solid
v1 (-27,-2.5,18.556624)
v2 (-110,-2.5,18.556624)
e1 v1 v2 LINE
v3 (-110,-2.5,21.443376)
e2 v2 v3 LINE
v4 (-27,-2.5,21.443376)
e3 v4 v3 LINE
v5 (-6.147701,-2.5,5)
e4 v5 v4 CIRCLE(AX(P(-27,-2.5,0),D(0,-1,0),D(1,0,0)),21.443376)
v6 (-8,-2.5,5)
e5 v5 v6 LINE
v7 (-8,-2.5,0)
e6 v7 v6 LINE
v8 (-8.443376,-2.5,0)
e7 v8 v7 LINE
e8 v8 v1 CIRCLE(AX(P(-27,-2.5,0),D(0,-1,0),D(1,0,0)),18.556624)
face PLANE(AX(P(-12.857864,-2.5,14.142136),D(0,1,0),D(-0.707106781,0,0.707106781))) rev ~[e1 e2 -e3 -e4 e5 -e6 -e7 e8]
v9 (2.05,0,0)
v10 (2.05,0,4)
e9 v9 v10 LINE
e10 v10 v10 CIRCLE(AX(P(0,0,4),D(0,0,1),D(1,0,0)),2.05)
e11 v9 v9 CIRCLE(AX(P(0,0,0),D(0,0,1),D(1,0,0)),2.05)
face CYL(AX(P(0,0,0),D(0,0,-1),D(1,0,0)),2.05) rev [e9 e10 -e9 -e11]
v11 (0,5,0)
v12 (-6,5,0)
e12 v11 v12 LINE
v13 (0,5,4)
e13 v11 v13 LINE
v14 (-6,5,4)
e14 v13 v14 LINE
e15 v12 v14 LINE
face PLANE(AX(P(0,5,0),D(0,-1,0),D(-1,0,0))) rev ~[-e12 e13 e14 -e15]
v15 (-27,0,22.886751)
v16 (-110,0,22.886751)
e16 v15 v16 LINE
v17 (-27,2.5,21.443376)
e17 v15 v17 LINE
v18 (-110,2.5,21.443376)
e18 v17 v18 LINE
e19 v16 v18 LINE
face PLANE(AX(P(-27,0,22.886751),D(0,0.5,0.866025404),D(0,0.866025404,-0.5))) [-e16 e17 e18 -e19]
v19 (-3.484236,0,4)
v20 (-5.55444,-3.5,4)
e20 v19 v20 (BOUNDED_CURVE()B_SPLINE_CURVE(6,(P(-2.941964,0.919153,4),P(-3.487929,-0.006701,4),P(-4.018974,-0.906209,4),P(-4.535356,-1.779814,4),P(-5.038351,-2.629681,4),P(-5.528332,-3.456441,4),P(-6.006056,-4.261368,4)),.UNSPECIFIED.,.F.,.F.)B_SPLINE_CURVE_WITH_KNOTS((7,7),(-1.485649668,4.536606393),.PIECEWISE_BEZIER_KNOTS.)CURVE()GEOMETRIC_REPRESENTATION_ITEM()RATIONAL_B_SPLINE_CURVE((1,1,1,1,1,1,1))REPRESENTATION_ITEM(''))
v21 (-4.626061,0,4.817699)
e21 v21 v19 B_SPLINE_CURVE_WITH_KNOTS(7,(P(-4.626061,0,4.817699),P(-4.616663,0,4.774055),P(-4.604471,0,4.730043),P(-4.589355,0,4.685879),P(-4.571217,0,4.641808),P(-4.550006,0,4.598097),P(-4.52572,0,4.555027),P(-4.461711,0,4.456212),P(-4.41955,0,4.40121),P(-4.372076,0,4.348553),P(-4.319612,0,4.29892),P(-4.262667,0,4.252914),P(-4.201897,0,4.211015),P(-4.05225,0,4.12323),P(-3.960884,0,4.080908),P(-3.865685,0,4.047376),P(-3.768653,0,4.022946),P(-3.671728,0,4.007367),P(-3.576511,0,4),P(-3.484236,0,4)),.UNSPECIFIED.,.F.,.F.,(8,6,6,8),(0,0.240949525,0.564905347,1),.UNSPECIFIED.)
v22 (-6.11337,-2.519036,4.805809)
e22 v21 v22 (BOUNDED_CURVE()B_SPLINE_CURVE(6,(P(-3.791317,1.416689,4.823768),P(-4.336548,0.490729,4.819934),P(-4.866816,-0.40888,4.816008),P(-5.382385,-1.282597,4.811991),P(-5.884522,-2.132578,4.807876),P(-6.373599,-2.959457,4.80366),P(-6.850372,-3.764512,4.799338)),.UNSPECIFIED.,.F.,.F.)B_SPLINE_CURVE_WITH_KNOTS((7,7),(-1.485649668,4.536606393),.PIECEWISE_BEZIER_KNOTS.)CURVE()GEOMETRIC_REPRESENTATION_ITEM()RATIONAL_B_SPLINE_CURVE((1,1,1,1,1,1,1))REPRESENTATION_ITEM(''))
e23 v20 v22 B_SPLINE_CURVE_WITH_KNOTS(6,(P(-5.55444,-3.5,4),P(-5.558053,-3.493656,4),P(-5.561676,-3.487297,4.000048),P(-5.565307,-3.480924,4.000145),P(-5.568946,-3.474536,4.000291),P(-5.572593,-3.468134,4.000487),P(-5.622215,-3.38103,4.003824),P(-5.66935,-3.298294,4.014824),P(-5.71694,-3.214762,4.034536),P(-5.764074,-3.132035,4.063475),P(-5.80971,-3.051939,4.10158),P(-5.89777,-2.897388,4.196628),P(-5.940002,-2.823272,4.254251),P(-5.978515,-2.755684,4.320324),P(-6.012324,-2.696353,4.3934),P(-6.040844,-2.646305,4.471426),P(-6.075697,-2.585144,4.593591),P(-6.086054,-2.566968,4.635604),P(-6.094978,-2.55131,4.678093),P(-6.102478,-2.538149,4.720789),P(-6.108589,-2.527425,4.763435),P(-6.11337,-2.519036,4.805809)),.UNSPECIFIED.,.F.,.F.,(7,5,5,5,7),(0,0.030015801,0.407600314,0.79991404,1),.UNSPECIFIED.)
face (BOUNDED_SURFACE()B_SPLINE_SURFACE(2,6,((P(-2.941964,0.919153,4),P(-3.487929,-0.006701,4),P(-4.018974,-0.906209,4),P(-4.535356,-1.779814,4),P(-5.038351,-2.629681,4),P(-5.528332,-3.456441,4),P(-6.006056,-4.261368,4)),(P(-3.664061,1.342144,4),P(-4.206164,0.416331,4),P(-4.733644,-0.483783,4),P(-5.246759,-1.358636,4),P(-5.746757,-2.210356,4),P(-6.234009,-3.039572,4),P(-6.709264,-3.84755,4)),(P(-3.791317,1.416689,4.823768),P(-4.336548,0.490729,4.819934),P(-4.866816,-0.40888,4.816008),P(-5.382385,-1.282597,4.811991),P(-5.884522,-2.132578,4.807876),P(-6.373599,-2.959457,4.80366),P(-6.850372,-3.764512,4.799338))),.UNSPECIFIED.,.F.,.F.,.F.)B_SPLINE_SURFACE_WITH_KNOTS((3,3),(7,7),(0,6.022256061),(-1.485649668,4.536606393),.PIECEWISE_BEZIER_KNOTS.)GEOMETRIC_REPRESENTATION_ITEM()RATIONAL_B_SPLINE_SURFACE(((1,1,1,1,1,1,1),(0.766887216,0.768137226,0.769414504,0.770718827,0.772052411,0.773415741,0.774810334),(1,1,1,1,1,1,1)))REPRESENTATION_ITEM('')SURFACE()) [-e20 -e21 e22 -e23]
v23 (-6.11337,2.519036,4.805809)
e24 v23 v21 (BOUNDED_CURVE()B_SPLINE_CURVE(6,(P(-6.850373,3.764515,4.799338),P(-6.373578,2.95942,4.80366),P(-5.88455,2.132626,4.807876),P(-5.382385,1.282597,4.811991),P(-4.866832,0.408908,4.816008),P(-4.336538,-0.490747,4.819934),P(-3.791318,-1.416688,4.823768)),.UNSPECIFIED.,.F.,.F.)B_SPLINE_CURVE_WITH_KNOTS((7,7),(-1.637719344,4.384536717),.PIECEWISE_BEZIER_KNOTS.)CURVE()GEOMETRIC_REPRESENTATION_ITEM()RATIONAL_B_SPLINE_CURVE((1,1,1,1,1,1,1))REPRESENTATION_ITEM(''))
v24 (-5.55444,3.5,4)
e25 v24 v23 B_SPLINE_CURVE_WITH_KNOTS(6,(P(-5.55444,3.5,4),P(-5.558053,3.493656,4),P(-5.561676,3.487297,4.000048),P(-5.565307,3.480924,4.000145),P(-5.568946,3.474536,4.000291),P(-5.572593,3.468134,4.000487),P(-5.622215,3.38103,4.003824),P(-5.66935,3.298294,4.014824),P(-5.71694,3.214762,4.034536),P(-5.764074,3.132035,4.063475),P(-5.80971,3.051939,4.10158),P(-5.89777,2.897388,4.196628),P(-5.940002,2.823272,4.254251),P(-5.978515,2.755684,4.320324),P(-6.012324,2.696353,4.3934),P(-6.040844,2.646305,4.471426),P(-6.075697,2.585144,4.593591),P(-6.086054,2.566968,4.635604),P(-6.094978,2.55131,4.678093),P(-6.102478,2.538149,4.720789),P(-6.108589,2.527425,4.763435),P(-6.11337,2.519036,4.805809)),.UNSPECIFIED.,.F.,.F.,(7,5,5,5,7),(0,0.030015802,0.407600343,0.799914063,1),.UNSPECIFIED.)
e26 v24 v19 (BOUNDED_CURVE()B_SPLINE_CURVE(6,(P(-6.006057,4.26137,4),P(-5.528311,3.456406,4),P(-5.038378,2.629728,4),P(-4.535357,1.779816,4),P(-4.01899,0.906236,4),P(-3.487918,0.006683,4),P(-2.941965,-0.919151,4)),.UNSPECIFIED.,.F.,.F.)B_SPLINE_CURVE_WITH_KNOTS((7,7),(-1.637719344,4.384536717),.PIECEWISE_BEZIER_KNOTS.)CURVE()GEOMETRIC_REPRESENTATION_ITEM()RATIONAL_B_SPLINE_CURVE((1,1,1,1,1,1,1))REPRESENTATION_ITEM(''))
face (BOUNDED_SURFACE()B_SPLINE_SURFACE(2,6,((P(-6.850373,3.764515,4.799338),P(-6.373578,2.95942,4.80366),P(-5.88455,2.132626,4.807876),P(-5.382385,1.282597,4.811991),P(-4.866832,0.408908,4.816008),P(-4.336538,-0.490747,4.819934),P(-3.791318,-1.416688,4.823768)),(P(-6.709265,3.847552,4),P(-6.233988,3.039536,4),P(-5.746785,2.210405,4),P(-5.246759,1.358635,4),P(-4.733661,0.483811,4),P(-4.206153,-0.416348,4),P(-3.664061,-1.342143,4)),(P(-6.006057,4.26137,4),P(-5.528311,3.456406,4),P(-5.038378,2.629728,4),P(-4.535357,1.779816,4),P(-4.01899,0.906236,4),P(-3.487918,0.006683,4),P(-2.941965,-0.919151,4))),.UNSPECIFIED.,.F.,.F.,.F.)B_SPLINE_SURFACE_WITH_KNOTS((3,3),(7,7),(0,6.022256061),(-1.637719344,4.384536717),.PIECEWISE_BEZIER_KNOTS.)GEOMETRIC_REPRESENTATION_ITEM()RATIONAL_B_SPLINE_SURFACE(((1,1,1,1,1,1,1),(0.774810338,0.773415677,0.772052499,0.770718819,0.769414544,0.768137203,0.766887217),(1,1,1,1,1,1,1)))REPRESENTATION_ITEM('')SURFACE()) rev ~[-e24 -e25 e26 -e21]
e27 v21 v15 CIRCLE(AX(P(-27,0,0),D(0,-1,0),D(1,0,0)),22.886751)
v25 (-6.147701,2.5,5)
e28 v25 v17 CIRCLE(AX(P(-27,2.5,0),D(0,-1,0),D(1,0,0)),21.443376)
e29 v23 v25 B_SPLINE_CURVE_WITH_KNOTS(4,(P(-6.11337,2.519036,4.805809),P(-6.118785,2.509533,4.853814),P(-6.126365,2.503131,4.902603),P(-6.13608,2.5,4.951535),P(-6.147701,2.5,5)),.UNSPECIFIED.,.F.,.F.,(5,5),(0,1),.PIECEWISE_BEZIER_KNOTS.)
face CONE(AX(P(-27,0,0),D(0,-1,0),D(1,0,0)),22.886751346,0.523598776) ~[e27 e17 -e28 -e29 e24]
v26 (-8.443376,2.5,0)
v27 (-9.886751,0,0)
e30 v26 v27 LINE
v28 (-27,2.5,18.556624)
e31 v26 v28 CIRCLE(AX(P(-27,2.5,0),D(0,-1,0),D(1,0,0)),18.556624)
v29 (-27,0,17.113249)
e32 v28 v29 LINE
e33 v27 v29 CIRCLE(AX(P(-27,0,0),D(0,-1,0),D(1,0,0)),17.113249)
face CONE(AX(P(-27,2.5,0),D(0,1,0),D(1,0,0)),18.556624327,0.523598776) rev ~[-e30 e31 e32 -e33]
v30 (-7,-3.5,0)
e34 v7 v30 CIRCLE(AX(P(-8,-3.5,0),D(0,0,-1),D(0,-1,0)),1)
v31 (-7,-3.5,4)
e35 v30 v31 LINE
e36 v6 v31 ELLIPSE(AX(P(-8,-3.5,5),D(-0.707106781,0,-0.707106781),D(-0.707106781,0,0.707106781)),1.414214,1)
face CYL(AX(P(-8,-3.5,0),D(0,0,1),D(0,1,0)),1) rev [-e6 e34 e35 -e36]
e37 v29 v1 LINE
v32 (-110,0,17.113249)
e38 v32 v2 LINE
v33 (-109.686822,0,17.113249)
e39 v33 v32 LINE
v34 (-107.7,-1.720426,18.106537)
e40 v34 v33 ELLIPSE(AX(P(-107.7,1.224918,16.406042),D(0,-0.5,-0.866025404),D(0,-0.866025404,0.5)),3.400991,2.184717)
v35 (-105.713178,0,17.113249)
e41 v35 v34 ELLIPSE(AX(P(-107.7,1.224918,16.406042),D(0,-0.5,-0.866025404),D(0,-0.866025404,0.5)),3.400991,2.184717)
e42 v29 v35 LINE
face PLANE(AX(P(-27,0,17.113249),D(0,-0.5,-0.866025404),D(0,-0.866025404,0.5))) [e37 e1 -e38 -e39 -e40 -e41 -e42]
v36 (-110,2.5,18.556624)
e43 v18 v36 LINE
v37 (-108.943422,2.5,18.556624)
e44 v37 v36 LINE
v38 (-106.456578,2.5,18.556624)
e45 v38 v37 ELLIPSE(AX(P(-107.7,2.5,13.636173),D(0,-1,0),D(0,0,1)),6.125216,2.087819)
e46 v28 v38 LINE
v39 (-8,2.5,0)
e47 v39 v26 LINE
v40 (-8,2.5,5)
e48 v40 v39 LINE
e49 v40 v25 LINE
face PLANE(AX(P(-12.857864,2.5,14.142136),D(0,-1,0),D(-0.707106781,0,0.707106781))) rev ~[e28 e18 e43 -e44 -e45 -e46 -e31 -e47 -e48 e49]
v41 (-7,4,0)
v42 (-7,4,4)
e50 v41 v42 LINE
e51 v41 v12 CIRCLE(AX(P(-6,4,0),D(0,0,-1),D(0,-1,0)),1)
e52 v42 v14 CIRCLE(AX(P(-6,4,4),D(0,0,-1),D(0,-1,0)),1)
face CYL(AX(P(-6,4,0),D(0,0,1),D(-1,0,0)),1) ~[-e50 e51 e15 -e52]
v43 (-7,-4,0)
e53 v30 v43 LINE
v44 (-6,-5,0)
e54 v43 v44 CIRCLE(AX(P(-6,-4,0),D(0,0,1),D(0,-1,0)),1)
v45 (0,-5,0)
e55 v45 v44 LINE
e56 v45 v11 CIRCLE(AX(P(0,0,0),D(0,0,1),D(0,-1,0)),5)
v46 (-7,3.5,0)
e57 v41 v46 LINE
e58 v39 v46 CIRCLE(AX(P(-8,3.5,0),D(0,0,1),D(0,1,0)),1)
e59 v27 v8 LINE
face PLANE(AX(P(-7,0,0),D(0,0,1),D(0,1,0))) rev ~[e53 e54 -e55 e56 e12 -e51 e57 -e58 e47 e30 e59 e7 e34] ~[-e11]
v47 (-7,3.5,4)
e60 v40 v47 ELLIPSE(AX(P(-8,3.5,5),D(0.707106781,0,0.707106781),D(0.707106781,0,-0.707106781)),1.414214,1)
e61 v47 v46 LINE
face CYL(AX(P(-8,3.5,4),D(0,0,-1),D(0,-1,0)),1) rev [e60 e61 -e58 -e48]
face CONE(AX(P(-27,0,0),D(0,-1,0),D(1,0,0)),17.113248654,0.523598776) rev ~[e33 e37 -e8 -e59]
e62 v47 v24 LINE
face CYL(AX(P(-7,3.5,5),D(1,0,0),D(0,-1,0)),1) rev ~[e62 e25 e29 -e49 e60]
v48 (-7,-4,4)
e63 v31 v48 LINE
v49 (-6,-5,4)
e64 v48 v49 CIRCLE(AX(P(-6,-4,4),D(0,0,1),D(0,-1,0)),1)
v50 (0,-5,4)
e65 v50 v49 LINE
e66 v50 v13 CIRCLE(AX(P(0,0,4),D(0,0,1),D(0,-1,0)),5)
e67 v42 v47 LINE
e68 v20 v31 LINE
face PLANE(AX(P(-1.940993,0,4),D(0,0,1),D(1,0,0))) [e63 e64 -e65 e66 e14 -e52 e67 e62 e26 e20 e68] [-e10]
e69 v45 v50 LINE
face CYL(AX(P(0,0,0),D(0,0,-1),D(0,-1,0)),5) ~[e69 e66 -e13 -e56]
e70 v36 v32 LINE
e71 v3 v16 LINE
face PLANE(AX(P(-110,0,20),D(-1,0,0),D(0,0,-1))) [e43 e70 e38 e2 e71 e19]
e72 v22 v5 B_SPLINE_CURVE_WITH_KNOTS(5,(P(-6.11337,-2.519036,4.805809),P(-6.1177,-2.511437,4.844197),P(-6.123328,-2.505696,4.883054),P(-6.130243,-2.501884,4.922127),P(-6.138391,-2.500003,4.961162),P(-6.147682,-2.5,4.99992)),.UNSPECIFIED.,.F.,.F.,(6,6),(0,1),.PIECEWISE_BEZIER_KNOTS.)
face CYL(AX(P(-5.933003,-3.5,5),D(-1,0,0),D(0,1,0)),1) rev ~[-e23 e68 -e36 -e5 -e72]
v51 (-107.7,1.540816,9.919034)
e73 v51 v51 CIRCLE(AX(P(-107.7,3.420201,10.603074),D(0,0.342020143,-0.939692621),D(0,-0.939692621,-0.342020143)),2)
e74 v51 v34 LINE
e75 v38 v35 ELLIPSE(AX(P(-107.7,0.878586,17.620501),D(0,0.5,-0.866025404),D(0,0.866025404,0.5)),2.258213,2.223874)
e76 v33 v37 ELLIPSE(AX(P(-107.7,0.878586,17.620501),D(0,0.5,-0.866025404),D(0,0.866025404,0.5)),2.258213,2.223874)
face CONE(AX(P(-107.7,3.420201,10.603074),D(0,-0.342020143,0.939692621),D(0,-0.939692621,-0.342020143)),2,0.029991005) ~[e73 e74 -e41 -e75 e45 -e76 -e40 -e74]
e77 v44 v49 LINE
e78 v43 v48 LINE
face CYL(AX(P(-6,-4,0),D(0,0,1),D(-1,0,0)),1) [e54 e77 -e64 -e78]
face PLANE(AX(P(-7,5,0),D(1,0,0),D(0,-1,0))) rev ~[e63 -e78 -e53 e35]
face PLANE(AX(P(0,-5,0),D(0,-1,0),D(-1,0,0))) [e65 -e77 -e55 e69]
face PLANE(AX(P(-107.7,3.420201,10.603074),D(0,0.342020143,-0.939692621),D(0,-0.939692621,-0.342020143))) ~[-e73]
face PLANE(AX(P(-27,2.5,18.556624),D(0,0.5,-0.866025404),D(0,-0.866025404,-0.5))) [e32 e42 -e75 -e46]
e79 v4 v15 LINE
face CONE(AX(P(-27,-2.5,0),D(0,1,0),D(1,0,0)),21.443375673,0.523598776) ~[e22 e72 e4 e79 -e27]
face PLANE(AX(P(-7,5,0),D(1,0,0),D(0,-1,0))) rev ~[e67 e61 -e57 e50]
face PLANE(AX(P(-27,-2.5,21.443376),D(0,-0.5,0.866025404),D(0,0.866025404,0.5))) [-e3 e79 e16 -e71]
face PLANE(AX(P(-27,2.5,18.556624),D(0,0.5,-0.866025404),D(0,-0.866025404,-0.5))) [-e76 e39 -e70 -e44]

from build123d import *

# Parameters (mm, degrees)
SKETCH_R  = 2.05
PAD_DEPTH = 4
FILLET_R  = 1


with BuildPart() as part:
    # Sketch → Pad (new body)
    with BuildSketch(Plane.XY):
        with BuildLine():
            Line((0, 5), (-7, 5))
            Line((-7, 5), (-7, -5))
            Line((0, -5), (-7, -5))
            ThreePointArc((0, -5), (5, 0), (0, 5))
        make_face()
        Circle(SKETCH_R, mode=Mode.SUBTRACT)
    extrude(amount=PAD_DEPTH)

    # AdditivePipe: sweep along a path in Sketch001
    with BuildLine(Plane.XZ) as additivepipe_path:
        ThreePointArc((-7, 0), (-12.8578643763, 14.1421356237), (-27, 20))
        Line((-27, 20), (-110, 20))
    # Sketch002 → AdditivePipe (sweep)
    with BuildSketch(Plane.XY):
        Polygon((-8.443375673, -2.5), (-5.556624327, -2.5), (-4.1132486541, 0), (-5.556624327, 2.5), (-8.443375673, 2.5), (-9.8867513459, 0), align=None)
    sweep(path=additivepipe_path.line, is_frenet=True)

    # Sketch003 (on Face22 of AdditivePipe) → Revolution (revolve)
    with BuildSketch(Plane(origin=(-107.7, 0, 0), x_dir=(0, -1, 0), z_dir=(-1, 0, 0))):
        Polygon((0, 20), (-3.4202014333, 10.6030737921), (-1.5408161917, 9.9190335055), (2.1612930278, 19.2133536704), align=None)
    revolve(axis=Axis((-107.7, 6.4278760969, 2.3395555688), (0, 0.3420201433, -0.9396926208)))

    # Fillet
    fillet_edges = [part.edges().sort_by_distance(p)[0] for p in [
        (-6.466502, 2.5, 4),
        (-5.198955, 1.250176, 4),
        (-5.198955, -1.250176, 4),
        (-6.466502, -2.5, 4),
        (-7, -2.5, 2),
        (-7, -5, 2),
        (-7, 2.5, 2),
        (-7, 5, 2),
    ]]
    fillet(fillet_edges, radius=FILLET_R)


solid = part.part
